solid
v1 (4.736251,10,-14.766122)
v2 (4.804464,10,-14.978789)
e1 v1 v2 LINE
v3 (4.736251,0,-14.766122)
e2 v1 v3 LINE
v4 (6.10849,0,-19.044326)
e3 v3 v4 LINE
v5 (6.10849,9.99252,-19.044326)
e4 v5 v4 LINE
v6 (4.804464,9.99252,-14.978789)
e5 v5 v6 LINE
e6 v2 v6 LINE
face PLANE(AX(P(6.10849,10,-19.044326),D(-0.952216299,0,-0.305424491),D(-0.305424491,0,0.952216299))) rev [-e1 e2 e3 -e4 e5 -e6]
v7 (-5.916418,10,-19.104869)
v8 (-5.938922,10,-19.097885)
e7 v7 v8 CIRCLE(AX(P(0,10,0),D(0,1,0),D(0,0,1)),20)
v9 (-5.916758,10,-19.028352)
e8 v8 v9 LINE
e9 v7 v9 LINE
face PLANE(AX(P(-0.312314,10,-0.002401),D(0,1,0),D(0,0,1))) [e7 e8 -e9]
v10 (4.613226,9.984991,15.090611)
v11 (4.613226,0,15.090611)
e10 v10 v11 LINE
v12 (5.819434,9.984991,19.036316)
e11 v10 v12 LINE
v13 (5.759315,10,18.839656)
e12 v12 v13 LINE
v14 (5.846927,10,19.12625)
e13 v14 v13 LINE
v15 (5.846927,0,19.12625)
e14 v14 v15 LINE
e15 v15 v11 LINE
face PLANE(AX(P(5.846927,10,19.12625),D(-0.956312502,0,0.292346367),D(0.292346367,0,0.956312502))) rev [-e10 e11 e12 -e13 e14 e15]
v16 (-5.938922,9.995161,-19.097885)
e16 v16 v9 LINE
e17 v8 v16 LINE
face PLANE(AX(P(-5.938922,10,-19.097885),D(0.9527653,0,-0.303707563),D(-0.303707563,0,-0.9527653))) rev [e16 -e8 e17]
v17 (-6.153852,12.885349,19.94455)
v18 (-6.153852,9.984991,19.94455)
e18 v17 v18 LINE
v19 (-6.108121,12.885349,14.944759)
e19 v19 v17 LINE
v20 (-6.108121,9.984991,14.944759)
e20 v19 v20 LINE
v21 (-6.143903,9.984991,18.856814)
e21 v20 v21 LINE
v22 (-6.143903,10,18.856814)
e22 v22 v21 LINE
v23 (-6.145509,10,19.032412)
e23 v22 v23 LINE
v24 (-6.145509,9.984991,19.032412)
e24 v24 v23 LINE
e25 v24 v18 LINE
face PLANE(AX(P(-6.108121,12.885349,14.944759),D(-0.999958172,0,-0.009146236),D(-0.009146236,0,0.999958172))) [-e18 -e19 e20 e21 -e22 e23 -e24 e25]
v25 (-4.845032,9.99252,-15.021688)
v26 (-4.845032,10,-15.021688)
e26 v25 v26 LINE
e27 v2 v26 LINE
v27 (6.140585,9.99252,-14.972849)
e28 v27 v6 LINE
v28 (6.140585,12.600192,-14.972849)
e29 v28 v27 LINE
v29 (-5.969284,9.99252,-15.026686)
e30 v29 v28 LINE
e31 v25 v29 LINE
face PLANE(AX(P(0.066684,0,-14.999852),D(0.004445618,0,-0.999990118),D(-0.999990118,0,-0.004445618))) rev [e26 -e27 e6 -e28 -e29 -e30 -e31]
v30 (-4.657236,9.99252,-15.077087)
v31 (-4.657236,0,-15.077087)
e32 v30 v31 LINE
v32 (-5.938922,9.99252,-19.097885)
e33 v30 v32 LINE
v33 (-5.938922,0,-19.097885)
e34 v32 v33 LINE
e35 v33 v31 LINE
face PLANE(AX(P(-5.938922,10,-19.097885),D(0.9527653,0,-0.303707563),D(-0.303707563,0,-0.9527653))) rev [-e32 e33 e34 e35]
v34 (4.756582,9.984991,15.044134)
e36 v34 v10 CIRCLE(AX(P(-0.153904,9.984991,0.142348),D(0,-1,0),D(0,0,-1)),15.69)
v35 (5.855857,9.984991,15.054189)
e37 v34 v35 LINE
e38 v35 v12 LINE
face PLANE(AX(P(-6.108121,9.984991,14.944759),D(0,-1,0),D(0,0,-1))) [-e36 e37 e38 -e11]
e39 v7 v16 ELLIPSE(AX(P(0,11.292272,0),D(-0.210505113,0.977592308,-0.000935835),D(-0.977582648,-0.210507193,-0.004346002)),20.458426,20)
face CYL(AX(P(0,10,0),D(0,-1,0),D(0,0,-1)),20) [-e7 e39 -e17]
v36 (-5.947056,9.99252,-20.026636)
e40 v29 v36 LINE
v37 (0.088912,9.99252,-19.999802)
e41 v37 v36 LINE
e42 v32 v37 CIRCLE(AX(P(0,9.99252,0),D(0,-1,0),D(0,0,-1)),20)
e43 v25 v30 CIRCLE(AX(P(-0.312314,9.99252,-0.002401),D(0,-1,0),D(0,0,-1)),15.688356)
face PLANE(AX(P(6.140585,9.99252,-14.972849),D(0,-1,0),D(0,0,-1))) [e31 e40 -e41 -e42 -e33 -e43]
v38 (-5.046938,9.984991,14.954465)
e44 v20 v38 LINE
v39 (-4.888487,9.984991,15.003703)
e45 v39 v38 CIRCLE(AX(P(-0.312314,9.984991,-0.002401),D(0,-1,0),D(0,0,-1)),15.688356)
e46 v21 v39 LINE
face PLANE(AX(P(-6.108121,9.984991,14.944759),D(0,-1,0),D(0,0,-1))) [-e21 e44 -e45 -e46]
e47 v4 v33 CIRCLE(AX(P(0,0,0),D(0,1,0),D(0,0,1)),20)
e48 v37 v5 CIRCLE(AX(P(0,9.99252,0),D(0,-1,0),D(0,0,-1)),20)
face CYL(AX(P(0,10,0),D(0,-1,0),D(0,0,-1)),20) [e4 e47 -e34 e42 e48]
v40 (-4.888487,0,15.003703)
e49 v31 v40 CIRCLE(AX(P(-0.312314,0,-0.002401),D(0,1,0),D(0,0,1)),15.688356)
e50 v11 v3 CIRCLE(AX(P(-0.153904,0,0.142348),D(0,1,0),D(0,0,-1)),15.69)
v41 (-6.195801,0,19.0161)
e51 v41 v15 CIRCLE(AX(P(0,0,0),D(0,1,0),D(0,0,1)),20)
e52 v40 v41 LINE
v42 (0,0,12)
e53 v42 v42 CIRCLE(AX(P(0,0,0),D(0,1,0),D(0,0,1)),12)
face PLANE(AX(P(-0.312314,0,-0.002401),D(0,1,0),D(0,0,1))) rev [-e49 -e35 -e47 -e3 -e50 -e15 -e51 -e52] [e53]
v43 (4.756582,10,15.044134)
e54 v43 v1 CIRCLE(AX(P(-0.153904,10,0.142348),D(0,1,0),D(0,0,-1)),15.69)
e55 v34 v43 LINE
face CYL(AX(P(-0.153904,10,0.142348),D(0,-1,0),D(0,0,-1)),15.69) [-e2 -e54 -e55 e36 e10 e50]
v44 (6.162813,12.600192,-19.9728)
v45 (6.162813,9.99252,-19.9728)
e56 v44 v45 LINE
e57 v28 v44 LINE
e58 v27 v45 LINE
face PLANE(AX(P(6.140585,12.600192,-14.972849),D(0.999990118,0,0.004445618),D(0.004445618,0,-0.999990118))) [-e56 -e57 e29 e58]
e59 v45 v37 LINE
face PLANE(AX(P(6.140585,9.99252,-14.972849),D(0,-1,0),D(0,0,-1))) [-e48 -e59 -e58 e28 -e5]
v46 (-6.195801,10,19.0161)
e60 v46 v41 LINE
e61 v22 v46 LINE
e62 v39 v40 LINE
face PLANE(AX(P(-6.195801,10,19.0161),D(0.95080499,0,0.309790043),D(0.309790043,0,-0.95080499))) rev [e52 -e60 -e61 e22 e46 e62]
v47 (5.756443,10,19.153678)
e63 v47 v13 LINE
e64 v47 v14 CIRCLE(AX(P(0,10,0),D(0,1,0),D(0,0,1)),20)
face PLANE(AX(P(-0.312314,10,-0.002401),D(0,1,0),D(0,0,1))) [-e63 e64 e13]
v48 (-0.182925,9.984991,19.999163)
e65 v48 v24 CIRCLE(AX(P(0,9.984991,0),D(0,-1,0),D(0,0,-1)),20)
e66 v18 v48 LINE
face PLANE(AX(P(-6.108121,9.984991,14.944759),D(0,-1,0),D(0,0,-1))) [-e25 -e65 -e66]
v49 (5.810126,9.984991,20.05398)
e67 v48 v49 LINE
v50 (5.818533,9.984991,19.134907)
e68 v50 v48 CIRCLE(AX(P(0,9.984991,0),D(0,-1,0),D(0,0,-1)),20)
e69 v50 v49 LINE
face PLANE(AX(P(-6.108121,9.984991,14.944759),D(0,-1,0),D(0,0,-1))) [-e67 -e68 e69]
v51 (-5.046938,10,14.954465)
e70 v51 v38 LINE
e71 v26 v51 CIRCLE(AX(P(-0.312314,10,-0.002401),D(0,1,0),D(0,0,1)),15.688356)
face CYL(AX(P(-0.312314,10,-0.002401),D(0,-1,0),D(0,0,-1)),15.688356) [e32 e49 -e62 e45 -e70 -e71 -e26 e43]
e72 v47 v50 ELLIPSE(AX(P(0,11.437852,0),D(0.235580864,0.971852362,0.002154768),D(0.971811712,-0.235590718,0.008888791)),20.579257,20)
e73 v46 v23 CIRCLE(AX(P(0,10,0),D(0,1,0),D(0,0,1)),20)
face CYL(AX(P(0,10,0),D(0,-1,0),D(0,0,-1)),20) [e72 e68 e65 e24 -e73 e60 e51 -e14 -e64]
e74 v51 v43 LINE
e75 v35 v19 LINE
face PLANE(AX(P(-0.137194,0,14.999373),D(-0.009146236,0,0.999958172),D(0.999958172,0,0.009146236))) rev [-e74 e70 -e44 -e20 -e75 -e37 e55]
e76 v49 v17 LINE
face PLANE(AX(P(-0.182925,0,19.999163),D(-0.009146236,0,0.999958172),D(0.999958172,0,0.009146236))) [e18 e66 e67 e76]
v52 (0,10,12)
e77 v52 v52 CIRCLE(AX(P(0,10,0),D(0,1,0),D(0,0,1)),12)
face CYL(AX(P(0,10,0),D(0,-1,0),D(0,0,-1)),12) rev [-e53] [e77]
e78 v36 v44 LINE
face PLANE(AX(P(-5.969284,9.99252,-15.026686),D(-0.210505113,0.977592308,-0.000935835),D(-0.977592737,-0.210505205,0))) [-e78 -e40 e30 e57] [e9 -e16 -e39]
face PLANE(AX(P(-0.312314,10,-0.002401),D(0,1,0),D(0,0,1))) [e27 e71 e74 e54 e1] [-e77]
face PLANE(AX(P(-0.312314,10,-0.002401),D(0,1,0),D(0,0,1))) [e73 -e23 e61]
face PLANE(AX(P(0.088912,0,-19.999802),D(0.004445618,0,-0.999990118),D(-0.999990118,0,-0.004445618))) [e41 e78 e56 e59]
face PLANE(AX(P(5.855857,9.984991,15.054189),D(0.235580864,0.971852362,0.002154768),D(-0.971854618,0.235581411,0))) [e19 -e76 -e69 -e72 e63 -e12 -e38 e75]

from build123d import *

# Parameters (mm, degrees)
SKETCH1_R           = 12
BOSS_EXTRUDE1_DEPTH = 10
BOSS_EXTRUDE2_DEPTH = 5
BOSS_EXTRUDE3_DEPTH = 5


with BuildPart() as part:
    # Sketch1 → Boss-Extrude1 (new body)
    with BuildSketch(Plane(origin=(0, 0, 0), x_dir=(1, 0, 0), z_dir=(0, 1, 0))):
        with BuildLine():
            Line((-5.938922448, 19.097884704), (-4.65723572, 15.077087101))
            ThreePointArc((-4.65723572, 15.077087101), (-16.000205846, 0.123004291), (-4.888486885, -15.003702742))
            Line((-4.888486885, -15.003702742), (-6.195800868, -19.0160998))
            ThreePointArc((-6.195800868, -19.0160998), (-0.182924717, -19.999163446), (5.846927348, -19.12625004))
            Line((5.846927348, -19.12625004), (4.613225677, -15.090611282))
            ThreePointArc((4.613225677, -15.090611282), (15.53596231, -0.206998546), (4.736250871, 14.766121919))
            Line((4.736250871, 14.766121919), (6.108489826, 19.04432598))
            ThreePointArc((6.108489826, 19.04432598), (0.088912362, 19.999802364), (-5.938922448, 19.097884704))
        make_face()
        with Locations(Location((0, 0, 0), (0, 0, 270))):
            Circle(SKETCH1_R, mode=Mode.SUBTRACT)
    extrude(amount=BOSS_EXTRUDE1_DEPTH)

    # Sketch2 → Boss-Extrude2 (add)
    with BuildSketch(Plane(origin=(-0.182924717, 10, 19.999163446), x_dir=(0.9999581723101434, 0, 0.009146235846386387), z_dir=(-0.009146235846386385, 0, 0.9999581723101433))):
        Polygon((-5.97117687, -0.015009165), (5.99330158, -0.015009165), (-5.97117687, 2.885349138), align=None)
    extrude(amount=-BOSS_EXTRUDE2_DEPTH)

    # Sketch3 → Boss-Extrude3 (add)
    with BuildSketch(Plane(origin=(0.088912362, 10, -19.999802364), x_dir=(-0.9999901181910447, 0, -0.004445618096607563), z_dir=(0.004445618096607563, 0, -0.9999901181910447))):
        Polygon((-6.073960735, -0.007479705), (6.036027913, -0.007479705), (-6.073960735, 2.600191919), align=None)
    extrude(amount=-BOSS_EXTRUDE3_DEPTH)


solid = part.part
